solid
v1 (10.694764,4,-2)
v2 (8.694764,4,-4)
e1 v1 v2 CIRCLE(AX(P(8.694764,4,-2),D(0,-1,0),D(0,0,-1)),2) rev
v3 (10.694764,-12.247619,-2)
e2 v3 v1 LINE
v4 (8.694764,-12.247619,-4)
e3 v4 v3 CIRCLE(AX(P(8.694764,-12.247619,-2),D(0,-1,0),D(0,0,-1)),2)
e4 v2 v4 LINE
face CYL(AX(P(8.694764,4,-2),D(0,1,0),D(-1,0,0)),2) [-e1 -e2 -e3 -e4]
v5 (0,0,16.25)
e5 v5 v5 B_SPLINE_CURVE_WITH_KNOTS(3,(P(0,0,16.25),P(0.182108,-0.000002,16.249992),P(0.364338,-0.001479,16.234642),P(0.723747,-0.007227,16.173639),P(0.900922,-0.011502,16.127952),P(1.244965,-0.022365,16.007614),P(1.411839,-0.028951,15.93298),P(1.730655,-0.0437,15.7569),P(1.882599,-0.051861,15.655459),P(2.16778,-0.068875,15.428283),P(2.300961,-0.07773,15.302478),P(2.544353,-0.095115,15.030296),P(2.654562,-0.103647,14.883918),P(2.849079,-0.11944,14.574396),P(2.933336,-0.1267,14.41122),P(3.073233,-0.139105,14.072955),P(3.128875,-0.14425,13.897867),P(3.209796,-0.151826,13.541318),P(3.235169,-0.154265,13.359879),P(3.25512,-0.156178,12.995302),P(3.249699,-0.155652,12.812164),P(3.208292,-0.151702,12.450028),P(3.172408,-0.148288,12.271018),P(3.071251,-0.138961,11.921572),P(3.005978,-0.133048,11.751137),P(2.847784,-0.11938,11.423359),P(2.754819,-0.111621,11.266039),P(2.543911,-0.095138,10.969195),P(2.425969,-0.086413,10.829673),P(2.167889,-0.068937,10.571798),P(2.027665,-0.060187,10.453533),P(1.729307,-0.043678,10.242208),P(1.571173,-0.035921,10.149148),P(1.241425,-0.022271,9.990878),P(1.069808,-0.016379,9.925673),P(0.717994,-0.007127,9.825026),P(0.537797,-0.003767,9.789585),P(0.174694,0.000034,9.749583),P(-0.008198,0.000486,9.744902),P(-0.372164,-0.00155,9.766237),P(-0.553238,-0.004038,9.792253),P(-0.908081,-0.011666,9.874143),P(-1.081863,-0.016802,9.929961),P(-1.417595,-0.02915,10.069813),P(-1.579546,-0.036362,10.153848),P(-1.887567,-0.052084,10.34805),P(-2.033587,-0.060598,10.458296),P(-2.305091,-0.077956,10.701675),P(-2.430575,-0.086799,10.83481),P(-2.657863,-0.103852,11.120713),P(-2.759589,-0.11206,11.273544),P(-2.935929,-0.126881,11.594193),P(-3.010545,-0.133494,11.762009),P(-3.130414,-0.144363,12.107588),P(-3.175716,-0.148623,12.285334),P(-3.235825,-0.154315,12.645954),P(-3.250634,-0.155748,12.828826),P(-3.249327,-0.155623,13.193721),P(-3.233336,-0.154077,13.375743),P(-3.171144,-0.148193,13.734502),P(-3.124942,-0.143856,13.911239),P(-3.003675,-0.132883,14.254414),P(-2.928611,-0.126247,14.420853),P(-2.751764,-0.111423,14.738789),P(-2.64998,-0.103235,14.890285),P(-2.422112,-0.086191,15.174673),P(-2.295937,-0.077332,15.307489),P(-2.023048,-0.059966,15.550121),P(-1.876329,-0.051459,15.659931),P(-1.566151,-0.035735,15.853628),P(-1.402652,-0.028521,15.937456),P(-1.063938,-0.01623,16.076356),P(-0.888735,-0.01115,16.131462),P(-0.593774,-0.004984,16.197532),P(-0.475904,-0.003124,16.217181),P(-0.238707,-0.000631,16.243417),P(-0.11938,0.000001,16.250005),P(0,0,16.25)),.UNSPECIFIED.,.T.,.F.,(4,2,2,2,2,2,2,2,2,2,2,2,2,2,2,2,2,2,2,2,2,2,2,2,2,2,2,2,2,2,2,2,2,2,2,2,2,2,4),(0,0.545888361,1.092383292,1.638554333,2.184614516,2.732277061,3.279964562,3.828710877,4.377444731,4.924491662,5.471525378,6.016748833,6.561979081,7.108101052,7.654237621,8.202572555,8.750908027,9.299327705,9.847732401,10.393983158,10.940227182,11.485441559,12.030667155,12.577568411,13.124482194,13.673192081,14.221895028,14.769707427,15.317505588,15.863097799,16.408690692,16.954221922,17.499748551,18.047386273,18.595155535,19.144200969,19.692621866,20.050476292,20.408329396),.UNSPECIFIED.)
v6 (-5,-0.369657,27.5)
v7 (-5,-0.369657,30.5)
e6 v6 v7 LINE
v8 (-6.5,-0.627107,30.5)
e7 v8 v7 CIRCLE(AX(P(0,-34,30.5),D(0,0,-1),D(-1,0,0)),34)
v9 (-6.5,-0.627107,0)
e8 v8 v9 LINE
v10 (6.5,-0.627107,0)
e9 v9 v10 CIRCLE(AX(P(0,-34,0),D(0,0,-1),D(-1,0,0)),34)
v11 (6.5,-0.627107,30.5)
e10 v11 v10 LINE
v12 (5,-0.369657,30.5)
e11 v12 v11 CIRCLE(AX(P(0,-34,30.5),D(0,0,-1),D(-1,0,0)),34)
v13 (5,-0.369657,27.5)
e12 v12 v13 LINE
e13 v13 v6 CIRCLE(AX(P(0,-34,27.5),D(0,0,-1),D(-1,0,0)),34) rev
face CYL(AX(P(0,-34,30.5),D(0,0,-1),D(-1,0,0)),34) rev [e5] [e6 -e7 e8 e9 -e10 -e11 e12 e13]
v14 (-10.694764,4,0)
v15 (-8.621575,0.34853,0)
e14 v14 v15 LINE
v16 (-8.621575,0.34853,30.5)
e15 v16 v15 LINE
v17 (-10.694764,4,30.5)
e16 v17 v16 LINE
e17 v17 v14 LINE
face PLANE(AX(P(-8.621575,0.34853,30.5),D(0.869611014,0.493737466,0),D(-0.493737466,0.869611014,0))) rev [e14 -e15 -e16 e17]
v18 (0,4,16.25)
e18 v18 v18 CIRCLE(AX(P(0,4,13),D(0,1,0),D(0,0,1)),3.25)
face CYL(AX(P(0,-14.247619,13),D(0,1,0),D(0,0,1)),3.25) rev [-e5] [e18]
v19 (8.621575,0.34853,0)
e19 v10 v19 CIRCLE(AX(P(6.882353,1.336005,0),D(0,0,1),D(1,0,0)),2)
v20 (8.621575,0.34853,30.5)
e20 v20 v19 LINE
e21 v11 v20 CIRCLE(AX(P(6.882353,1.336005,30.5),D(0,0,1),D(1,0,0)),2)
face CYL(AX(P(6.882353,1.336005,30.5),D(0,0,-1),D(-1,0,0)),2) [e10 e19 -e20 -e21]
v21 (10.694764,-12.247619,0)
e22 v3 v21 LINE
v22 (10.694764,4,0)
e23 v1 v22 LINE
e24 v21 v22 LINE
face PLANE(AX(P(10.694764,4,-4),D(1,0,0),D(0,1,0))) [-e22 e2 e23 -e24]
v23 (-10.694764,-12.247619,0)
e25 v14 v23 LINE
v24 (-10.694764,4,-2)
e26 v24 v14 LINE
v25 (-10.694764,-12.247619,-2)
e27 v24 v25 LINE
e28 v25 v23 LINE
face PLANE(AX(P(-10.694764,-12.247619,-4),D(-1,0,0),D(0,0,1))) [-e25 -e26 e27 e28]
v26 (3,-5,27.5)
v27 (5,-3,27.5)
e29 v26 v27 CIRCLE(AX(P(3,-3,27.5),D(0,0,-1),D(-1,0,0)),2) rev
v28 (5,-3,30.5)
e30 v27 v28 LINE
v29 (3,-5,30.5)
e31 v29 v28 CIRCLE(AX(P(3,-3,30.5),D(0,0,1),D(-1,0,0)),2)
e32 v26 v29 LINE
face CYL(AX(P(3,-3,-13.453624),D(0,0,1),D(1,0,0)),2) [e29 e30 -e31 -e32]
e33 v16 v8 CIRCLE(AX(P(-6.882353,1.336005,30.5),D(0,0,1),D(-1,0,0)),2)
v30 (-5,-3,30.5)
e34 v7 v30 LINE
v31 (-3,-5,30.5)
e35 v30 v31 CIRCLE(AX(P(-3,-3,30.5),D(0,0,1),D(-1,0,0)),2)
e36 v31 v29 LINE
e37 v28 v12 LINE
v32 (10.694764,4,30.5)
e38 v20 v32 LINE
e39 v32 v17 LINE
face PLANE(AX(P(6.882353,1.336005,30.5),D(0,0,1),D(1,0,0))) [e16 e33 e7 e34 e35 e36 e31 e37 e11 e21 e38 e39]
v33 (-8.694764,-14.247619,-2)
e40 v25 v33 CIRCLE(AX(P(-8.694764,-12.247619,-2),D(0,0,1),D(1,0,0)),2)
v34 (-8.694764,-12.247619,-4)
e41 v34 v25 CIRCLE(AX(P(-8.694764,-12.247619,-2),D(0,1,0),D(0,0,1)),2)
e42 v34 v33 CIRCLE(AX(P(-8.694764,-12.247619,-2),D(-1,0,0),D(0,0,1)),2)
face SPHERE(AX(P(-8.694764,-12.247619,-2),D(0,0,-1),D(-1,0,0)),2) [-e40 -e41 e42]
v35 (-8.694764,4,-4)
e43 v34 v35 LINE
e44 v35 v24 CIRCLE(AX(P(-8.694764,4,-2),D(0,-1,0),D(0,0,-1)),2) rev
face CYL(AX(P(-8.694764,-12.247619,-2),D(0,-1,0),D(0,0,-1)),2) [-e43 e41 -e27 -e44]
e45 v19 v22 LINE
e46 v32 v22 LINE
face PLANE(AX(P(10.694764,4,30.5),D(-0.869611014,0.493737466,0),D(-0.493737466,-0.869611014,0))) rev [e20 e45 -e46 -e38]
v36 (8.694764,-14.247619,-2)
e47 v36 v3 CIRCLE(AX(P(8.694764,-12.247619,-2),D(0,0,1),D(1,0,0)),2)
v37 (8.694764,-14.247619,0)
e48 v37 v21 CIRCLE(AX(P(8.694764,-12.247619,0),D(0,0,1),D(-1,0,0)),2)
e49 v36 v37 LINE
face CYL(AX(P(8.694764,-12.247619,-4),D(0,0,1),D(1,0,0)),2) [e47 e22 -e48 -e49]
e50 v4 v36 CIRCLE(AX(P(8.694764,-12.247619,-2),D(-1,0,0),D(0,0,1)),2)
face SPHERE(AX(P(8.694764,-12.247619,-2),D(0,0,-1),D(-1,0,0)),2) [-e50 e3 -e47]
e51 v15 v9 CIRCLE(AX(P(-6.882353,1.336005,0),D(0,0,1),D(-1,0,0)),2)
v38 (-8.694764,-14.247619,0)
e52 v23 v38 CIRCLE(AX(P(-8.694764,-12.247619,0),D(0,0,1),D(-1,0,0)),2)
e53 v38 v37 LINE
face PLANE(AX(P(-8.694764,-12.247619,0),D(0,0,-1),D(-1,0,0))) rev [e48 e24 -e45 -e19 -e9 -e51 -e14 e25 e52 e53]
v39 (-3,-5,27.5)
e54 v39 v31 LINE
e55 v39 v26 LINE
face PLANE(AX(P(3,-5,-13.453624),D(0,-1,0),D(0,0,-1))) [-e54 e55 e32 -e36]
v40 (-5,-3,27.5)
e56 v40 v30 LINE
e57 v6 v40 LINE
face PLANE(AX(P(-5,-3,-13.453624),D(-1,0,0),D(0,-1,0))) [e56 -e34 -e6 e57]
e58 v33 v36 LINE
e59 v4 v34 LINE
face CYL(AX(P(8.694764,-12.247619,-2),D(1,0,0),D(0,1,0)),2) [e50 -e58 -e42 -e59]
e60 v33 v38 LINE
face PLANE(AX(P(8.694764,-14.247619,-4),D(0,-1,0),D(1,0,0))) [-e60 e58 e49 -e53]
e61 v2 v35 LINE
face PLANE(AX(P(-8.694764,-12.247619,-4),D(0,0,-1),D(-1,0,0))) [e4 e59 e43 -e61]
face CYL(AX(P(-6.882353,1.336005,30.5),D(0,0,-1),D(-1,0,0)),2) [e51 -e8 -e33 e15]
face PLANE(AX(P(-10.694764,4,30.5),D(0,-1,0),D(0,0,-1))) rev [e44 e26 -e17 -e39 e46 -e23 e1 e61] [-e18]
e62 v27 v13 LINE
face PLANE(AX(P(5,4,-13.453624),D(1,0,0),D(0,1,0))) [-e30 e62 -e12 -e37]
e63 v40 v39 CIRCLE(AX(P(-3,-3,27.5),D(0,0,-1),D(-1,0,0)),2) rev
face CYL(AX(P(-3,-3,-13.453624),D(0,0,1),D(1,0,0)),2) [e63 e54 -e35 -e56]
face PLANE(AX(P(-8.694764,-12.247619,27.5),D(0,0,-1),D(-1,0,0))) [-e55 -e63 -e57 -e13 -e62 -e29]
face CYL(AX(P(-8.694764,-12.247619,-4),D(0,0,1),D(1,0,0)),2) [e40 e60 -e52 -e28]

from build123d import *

# Parameters (mm, degrees)
BOSS_EXTRUDE1_DEPTH     = 30.5
BOSS_EXTRUDE2_DEPTH     = 4
CUT_EXTRUDE1_DEPTH      = 36.321701763
CUT_EXTRUDE1_DEPTH_BACK = 36.321701763
SKETCH3_R               = 3.25
BOSS_EXTRUDE3_DEPTH     = 3
FILLET2_R               = 2


with BuildPart() as part:
    # Sketch1 → Boss-Extrude1 (new body)
    with BuildSketch(Plane.XY):
        with BuildLine():
            Line((-8.621574968, 0.348529625), (-10.694763671, 4))
            Line((-10.694763671, 4), (10.694763671, 4))
            Line((10.694763671, 4), (8.621574968, 0.348529625))
            ThreePointArc((8.621574968, 0.348529625), (7.717960529, -0.481070004), (6.5, -0.627106808))
            ThreePointArc((6.5, -0.627106808), (0, 0), (-6.5, -0.627106808))
            ThreePointArc((-6.5, -0.627106808), (-7.717960529, -0.481070004), (-8.621574968, 0.348529625))
        make_face()
    extrude(amount=BOSS_EXTRUDE1_DEPTH)

    # Sketch2 → Boss-Extrude2 (add)
    with BuildSketch(Plane.XY):
        with BuildLine():
            Line((10.694763671, 4), (10.694763671, -12.24761894))
            ThreePointArc((10.694763671, -12.24761894), (10.108977233, -13.661832502), (8.694763671, -14.24761894))
            Line((8.694763671, -14.24761894), (-8.694763671, -14.24761894))
            ThreePointArc((-8.694763671, -14.24761894), (-10.108977233, -13.661832502), (-10.694763671, -12.24761894))
            Line((-10.694763671, -12.24761894), (-10.694763671, 4))
            Line((-10.694763671, 4), (10.694763671, 4))
        make_face()
    extrude(amount=-BOSS_EXTRUDE2_DEPTH)

    # Sketch3 → Cut-Extrude1 (cut, two sides: drawn at the far end of the back side and taken through both)
    with BuildSketch(Plane(origin=(0, 0, 0), x_dir=(1, 0, 0), z_dir=(0, 1, 0)).offset(-CUT_EXTRUDE1_DEPTH_BACK)):
        with Locations(Location((0, -13, 0), (0, 0, 270))):
            Circle(SKETCH3_R)
    extrude(amount=CUT_EXTRUDE1_DEPTH + CUT_EXTRUDE1_DEPTH_BACK, mode=Mode.SUBTRACT)

    # Sketch4 → Boss-Extrude3 (add)
    with BuildSketch(Plane.XY.offset(30.5)):
        with BuildLine():
            Line((-5, 4), (5, 4))
            Line((5, 4), (5, -3))
            ThreePointArc((5, -3), (4.414213562, -4.414213562), (3, -5))
            Line((3, -5), (-3, -5))
            ThreePointArc((-3, -5), (-4.414213562, -4.414213562), (-5, -3))
            Line((-5, -3), (-5, 4))
        make_face()
    extrude(amount=-BOSS_EXTRUDE3_DEPTH)

    # Fillet2
    fillet2_edges = [part.edges().sort_by_distance(p)[0] for p in [
        (-10.108977233, -13.661832502, -4),
        (-10.694763671, -4.12380947, -4),
        (10.694763671, -4.12380947, -4),
        (10.108977233, -13.661832502, -4),
        (0, -14.24761894, -4),
    ]]
    fillet(fillet2_edges, radius=FILLET2_R)


solid = part.part
